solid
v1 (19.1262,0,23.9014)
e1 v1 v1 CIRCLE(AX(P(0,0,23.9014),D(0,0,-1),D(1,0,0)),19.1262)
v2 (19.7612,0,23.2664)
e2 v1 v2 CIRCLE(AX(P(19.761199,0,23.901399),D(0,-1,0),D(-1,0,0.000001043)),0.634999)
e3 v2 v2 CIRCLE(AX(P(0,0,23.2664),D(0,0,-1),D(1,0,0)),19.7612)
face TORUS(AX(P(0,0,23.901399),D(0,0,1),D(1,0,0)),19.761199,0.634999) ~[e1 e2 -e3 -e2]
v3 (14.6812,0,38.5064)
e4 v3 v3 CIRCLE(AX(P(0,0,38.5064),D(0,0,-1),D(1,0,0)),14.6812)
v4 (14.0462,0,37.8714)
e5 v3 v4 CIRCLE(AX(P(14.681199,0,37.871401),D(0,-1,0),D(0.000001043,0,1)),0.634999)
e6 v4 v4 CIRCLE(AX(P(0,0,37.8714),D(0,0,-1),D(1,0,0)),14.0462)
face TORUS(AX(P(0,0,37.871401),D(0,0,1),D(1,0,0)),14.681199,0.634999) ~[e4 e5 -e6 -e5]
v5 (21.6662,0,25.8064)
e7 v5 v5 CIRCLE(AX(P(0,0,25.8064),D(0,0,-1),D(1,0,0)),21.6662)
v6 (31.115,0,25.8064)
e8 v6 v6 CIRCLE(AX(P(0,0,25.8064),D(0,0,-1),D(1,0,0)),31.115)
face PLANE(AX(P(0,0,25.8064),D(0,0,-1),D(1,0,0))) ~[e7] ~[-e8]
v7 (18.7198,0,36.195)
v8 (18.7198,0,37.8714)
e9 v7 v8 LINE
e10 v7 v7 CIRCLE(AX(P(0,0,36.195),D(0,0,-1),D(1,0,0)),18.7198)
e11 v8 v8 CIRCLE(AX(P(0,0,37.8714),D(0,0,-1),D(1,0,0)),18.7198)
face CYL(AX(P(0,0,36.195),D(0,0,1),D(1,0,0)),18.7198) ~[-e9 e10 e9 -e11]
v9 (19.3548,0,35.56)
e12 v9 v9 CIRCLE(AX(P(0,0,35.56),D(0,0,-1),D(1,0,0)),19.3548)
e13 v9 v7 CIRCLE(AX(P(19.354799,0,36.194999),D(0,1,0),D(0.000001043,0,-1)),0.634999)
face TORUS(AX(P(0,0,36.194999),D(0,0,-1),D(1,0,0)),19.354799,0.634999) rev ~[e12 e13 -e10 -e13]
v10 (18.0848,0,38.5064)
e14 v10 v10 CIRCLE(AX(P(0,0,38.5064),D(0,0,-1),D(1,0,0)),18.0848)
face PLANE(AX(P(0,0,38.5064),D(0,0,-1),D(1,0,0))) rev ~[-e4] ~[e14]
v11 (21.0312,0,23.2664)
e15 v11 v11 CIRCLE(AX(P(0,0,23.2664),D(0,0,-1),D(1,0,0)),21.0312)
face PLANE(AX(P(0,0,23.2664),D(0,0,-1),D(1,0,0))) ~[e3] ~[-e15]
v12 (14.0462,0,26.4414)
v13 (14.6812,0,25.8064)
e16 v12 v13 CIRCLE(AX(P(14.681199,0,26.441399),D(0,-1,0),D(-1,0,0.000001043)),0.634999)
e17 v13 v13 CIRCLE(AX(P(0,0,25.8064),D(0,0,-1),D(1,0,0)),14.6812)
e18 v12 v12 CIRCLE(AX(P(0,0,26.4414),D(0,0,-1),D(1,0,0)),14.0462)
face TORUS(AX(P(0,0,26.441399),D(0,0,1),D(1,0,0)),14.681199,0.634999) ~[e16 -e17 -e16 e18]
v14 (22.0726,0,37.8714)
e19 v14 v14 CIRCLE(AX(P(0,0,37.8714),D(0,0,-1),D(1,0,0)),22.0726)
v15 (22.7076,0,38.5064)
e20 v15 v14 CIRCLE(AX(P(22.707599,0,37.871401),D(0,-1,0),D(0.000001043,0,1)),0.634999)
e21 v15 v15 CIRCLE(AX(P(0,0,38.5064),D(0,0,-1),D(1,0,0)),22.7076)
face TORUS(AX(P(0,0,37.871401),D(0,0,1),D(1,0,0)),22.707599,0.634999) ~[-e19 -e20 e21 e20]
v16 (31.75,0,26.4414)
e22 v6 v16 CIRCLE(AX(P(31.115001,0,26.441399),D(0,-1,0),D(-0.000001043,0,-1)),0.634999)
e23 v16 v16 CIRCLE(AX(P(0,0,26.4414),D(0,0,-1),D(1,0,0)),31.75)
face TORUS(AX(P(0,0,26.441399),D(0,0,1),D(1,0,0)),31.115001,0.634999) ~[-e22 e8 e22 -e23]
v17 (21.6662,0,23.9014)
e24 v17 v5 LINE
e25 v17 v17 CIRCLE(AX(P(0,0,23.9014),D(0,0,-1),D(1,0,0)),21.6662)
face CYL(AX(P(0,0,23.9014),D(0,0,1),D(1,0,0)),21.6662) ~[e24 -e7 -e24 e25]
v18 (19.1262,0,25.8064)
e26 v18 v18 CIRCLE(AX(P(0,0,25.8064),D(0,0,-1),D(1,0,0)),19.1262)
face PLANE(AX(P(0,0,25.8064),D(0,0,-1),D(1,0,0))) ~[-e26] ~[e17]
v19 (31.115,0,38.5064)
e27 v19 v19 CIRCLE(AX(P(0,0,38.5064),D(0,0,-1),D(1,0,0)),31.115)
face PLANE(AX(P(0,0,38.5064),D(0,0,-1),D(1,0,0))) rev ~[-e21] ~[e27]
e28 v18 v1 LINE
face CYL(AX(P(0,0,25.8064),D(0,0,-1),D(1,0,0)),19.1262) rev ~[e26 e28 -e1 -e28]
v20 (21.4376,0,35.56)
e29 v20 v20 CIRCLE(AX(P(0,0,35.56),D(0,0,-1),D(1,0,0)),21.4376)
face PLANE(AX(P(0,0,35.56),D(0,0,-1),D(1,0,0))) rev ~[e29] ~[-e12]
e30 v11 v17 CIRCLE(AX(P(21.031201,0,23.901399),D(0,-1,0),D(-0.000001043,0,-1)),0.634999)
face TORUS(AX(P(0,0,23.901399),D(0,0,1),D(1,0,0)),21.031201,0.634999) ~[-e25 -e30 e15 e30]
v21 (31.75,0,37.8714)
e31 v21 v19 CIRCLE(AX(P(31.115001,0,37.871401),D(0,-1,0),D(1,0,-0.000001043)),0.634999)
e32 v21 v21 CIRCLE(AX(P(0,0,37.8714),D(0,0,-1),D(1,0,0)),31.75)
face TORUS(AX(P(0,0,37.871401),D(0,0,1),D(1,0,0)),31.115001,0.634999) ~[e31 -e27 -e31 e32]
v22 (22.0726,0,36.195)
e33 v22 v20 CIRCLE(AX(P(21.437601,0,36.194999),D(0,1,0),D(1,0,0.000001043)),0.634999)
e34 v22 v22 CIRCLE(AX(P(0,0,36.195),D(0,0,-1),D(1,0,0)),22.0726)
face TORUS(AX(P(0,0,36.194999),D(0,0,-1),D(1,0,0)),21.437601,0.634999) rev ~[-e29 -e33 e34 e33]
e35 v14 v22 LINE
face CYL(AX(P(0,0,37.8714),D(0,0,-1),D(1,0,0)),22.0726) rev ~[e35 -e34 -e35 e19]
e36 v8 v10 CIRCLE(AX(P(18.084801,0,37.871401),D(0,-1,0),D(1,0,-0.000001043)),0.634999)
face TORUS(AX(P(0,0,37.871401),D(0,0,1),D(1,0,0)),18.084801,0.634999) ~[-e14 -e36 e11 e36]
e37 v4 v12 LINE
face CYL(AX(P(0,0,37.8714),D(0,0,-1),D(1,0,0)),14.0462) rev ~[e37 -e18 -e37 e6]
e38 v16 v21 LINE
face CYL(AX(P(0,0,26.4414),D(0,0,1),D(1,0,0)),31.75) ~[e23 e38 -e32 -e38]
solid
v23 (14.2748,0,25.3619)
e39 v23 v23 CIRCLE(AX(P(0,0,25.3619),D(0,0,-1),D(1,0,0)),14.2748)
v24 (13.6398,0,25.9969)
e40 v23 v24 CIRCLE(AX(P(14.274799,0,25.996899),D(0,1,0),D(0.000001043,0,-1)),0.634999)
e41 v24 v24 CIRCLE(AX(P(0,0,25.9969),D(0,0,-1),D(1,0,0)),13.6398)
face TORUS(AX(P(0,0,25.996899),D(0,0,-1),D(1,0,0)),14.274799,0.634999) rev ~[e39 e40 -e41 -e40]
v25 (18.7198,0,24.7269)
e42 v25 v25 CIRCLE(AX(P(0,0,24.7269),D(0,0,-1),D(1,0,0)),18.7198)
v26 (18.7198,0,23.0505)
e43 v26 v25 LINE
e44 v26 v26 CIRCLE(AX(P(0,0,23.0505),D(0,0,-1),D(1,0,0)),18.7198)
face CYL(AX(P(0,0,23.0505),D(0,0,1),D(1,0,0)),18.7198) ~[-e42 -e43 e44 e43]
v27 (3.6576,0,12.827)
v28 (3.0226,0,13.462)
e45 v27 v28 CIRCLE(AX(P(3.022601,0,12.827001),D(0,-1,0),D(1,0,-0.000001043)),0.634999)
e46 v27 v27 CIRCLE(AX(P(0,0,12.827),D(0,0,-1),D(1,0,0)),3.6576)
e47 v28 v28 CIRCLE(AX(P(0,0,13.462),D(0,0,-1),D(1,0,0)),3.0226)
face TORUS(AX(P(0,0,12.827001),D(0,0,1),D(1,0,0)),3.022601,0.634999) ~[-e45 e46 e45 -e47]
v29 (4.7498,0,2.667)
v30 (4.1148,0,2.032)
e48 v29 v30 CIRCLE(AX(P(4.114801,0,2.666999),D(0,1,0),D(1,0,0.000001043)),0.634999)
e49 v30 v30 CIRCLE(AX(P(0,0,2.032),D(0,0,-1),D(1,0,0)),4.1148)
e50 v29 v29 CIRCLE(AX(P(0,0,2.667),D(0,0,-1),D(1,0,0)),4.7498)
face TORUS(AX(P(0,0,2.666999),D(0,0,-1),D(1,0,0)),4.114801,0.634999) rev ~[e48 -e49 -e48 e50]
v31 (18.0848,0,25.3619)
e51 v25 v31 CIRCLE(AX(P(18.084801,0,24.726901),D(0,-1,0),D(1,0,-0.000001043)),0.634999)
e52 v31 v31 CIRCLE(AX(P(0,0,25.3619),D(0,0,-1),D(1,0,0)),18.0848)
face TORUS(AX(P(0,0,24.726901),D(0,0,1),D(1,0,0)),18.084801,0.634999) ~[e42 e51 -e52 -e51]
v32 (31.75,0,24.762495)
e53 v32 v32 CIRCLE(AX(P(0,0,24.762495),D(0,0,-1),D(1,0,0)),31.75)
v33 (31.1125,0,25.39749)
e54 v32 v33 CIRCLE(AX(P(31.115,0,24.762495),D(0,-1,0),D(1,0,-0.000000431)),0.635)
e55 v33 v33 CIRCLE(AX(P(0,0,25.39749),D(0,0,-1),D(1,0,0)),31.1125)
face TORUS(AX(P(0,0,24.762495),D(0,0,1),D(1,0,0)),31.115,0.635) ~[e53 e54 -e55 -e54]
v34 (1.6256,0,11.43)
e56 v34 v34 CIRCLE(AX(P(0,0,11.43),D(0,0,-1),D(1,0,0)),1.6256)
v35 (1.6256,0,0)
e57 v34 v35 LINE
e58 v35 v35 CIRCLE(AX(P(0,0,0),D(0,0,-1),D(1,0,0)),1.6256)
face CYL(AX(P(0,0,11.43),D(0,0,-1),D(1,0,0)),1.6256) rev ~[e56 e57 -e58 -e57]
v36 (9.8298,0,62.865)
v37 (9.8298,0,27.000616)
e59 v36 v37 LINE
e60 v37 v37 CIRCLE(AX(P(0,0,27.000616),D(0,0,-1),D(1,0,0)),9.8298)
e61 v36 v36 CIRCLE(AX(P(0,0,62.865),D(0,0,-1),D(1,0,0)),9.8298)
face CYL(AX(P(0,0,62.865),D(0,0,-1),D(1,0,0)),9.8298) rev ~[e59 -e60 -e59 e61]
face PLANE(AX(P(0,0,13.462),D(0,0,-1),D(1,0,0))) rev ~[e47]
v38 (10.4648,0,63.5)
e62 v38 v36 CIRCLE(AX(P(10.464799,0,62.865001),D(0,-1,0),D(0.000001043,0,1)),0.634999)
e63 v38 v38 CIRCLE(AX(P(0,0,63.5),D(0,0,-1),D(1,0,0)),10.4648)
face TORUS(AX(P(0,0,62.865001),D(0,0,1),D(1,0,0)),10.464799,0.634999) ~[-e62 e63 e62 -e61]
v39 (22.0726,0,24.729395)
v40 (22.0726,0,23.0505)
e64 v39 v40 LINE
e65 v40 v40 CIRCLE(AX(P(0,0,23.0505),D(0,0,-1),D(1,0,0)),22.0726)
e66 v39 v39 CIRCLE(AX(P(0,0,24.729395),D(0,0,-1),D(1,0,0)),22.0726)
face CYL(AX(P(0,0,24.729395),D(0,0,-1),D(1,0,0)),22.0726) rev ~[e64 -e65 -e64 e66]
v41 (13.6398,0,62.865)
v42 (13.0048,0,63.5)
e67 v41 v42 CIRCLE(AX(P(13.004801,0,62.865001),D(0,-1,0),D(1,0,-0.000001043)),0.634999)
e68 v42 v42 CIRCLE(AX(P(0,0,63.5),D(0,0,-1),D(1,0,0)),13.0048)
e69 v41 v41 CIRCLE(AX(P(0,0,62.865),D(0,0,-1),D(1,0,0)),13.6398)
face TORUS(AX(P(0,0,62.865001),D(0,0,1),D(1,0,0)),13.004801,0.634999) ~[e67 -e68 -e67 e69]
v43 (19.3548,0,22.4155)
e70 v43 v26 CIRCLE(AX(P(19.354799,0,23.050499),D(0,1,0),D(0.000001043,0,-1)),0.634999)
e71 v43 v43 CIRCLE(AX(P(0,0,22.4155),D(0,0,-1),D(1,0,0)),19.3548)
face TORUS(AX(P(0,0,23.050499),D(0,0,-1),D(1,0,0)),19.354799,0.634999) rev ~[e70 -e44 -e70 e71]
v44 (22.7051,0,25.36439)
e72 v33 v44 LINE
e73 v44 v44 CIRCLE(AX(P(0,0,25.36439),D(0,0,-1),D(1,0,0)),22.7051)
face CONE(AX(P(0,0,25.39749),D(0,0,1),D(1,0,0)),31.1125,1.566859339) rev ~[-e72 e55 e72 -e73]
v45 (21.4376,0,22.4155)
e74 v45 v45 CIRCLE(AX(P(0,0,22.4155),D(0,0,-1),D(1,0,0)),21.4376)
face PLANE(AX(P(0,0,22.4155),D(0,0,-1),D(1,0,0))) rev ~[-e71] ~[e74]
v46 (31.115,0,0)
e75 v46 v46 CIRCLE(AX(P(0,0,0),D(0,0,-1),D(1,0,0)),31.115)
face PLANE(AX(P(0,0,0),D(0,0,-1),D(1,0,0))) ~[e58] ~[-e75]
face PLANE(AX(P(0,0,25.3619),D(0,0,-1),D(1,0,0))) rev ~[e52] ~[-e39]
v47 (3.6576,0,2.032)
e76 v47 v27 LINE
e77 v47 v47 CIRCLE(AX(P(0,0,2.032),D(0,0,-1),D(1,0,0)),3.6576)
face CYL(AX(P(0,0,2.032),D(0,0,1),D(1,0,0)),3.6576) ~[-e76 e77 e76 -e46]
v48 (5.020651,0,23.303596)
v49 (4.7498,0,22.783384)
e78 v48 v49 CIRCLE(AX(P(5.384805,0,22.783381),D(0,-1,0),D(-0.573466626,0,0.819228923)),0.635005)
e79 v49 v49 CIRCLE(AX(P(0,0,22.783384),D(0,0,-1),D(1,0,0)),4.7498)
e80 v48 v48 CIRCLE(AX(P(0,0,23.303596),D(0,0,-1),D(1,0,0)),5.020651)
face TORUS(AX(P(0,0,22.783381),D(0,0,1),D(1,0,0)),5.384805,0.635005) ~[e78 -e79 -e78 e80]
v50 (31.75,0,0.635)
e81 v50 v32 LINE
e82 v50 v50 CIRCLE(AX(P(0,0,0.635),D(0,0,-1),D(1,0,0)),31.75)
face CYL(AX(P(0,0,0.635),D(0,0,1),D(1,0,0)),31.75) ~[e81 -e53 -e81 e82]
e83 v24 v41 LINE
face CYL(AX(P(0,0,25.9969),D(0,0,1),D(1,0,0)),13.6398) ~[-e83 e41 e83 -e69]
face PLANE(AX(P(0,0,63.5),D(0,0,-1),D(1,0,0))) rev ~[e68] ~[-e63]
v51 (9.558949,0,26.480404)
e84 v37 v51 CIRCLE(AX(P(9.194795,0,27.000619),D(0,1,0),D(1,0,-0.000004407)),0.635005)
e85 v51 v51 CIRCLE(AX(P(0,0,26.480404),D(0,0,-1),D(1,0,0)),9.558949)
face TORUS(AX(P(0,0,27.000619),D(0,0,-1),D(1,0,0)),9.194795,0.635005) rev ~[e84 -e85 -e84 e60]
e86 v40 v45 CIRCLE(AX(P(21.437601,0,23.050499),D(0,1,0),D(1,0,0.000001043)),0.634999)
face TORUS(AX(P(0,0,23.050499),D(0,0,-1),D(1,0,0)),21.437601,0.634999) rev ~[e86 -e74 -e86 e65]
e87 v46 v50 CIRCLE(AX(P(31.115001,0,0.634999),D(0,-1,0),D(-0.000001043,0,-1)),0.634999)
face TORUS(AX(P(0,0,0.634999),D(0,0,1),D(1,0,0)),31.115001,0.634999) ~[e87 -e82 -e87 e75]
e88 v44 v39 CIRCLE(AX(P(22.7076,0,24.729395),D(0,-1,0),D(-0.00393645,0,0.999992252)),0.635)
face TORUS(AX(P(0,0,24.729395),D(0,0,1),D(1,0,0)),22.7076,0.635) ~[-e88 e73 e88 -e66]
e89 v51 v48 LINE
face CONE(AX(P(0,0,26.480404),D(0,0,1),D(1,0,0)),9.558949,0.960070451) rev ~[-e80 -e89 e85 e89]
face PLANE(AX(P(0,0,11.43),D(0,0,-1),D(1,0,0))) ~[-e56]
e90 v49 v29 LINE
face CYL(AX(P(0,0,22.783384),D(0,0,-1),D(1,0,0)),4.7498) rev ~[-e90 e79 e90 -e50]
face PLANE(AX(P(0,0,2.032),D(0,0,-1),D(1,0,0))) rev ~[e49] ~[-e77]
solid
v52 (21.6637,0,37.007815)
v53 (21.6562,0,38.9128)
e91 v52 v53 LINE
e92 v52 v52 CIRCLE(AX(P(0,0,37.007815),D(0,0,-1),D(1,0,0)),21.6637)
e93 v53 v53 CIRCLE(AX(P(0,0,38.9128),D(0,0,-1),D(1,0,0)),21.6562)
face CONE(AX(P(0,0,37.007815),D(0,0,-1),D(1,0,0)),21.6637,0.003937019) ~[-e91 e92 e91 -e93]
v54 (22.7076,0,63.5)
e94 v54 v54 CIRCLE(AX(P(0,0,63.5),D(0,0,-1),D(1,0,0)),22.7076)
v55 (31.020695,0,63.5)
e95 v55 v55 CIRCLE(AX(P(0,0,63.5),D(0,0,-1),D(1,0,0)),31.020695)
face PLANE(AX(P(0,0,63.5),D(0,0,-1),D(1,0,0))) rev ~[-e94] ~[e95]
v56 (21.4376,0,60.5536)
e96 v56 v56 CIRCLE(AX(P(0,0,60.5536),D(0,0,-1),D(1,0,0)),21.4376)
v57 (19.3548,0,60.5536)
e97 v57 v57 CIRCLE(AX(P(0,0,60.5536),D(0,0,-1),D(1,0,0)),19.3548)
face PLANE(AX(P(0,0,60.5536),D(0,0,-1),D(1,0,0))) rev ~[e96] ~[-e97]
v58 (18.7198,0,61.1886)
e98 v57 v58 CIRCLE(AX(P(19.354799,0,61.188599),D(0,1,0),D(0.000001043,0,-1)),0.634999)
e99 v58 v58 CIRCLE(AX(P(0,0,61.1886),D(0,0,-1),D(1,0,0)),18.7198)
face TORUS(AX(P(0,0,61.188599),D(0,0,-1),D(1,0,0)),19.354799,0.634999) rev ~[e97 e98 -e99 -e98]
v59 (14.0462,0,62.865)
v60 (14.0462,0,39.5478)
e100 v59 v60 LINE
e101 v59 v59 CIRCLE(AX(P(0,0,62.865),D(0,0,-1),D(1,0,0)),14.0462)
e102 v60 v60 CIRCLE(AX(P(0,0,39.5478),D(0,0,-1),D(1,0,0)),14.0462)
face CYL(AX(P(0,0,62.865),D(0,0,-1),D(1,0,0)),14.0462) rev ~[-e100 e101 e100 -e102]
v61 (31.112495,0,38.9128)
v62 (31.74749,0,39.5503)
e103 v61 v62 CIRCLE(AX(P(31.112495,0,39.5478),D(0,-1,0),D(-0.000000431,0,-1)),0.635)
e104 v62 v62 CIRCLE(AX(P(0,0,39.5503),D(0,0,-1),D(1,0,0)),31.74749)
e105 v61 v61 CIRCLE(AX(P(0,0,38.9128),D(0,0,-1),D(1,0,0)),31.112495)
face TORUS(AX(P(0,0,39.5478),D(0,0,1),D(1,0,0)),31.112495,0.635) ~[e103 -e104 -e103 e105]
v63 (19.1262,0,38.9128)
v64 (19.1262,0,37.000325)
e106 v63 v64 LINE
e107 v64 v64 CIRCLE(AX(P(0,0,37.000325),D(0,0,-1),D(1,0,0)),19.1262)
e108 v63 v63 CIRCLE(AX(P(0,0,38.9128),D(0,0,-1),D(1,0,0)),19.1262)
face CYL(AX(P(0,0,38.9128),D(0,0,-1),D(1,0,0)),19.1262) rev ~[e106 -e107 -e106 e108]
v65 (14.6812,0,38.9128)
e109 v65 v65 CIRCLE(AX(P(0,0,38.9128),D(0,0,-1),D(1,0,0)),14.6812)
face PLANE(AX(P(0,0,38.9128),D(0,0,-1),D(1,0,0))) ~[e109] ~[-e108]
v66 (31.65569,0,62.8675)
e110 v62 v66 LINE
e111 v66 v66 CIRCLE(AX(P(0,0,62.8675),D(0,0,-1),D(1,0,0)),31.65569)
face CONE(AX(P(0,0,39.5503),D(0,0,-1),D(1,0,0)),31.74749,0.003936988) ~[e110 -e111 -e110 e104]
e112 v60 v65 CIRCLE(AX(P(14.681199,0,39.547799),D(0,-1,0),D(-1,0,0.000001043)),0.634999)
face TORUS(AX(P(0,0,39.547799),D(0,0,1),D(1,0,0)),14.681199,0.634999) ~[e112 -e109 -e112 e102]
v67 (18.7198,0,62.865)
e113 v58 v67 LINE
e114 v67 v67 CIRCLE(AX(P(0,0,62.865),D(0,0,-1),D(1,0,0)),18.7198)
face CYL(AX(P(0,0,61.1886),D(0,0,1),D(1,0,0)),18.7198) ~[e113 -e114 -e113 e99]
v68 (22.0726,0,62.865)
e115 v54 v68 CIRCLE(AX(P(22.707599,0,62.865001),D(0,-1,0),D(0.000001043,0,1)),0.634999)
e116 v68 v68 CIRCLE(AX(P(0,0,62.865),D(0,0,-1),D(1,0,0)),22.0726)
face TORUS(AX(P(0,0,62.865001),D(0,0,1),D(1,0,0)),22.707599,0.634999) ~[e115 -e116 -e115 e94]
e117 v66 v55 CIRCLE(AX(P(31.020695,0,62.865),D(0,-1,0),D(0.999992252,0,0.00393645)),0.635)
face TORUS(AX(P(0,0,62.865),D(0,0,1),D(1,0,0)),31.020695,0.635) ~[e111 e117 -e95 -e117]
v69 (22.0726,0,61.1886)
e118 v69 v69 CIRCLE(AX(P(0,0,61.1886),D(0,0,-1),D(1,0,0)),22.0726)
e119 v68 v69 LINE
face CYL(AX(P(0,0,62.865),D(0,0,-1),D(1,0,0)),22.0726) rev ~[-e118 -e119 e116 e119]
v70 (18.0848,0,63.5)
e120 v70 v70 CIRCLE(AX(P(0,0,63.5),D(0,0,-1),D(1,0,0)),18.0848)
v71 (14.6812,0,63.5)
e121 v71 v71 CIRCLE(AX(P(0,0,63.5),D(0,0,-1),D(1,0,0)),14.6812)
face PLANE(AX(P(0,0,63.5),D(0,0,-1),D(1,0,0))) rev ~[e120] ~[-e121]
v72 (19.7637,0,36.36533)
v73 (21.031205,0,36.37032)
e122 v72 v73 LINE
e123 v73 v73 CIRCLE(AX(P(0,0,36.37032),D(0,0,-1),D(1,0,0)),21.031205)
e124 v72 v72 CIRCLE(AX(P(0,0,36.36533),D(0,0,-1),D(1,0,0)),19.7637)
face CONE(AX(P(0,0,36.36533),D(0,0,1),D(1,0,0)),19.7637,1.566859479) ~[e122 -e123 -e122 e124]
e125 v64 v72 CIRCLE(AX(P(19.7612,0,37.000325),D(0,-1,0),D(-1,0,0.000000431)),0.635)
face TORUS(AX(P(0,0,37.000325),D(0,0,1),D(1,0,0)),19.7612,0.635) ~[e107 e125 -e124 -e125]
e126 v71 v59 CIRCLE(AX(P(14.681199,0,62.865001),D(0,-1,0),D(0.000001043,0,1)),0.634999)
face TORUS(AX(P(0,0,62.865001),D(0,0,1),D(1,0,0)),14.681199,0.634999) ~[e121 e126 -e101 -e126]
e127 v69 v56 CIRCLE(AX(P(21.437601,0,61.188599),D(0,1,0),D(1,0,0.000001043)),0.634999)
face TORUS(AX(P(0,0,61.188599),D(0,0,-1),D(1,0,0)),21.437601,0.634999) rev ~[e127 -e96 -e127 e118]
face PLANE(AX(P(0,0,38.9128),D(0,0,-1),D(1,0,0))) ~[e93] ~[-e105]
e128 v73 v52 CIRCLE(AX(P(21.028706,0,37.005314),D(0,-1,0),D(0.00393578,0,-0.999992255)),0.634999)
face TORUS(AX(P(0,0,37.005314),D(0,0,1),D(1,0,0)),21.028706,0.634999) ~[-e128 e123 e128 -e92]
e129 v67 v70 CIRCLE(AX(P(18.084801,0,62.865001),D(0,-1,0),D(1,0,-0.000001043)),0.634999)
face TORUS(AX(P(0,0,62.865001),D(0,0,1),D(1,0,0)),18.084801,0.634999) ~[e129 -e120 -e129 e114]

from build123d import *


with BuildPart() as f1:
    # F0 (on Front) → F1 (revolve)
    with BuildSketch(Plane.XZ):
        with BuildLine():
            Line((0, 13.462), (0, 11.43))
            Line((0, 11.43), (1.6256, 11.43))
            Line((1.6256, 11.43), (1.6256, 0))
            Line((1.6256, 0), (31.115, 0))
            ThreePointArc((31.115, 0), (31.564013, 0.185987), (31.75, 0.635))
            Line((31.75, 0.635), (31.75, 24.762495))
            ThreePointArc((31.75, 24.762495), (31.563128, 25.212391), (31.1125, 25.39749))
            Line((31.1125, 25.39749), (22.7051, 25.36439))
            ThreePointArc((22.7051, 25.36439), (22.257704, 25.177523), (22.0726, 24.729395))
            Line((22.0726, 24.729395), (22.0726, 23.0505))
            ThreePointArc((22.0726, 23.0505), (21.886613, 22.601487), (21.4376, 22.4155))
            Line((21.4376, 22.4155), (19.3548, 22.4155))
            ThreePointArc((19.3548, 22.4155), (18.905787, 22.601487), (18.7198, 23.0505))
            Line((18.7198, 23.0505), (18.7198, 24.7269))
            ThreePointArc((18.7198, 24.7269), (18.533813, 25.175913), (18.0848, 25.3619))
            Line((18.0848, 25.3619), (14.2748, 25.3619))
            ThreePointArc((14.2748, 25.3619), (13.825787, 25.547887), (13.6398, 25.9969))
            Line((13.6398, 25.9969), (13.6398, 62.865))
            ThreePointArc((13.6398, 62.865), (13.453813, 63.314013), (13.0048, 63.5))
            Line((13.0048, 63.5), (10.4648, 63.5))
            ThreePointArc((10.4648, 63.5), (10.015787, 63.314013), (9.8298, 62.865))
            Line((9.8298, 62.865), (9.8298, 27.000616))
            ThreePointArc((9.8298, 27.000616), (9.758031, 26.707367), (9.558949, 26.480404))
            Line((9.558949, 26.480404), (5.020651, 23.303596))
            ThreePointArc((5.020651, 23.303596), (4.821569, 23.076633), (4.7498, 22.783384))
            Line((4.7498, 22.783384), (4.7498, 2.667))
            ThreePointArc((4.7498, 2.667), (4.563813, 2.217987), (4.1148, 2.032))
            Line((4.1148, 2.032), (3.6576, 2.032))
            Line((3.6576, 2.032), (3.6576, 12.827))
            ThreePointArc((3.6576, 12.827), (3.471613, 13.276013), (3.0226, 13.462))
            Line((3.0226, 13.462), (0, 13.462))
        make_face()
        with BuildLine():
            ThreePointArc((14.6812, 38.5064), (14.232187, 38.320413), (14.0462, 37.8714))
            Line((14.0462, 37.8714), (14.0462, 26.4414))
            ThreePointArc((14.0462, 26.4414), (14.232187, 25.992387), (14.6812, 25.8064))
            Line((14.6812, 25.8064), (19.1262, 25.8064))
            Line((19.1262, 25.8064), (19.1262, 23.9014))
            ThreePointArc((19.1262, 23.9014), (19.312187, 23.452387), (19.7612, 23.2664))
            Line((19.7612, 23.2664), (21.0312, 23.2664))
            ThreePointArc((21.0312, 23.2664), (21.480213, 23.452387), (21.6662, 23.9014))
            Line((21.6662, 23.9014), (21.6662, 25.8064))
            Line((21.6662, 25.8064), (31.115, 25.8064))
            ThreePointArc((31.115, 25.8064), (31.564013, 25.992387), (31.75, 26.4414))
            Line((31.75, 26.4414), (31.75, 37.8714))
            ThreePointArc((31.75, 37.8714), (31.564013, 38.320413), (31.115, 38.5064))
            Line((31.115, 38.5064), (22.7076, 38.5064))
            ThreePointArc((22.7076, 38.5064), (22.258587, 38.320413), (22.0726, 37.8714))
            Line((22.0726, 37.8714), (22.0726, 36.195))
            ThreePointArc((22.0726, 36.195), (21.886613, 35.745987), (21.4376, 35.56))
            Line((21.4376, 35.56), (19.3548, 35.56))
            ThreePointArc((19.3548, 35.56), (18.905787, 35.745987), (18.7198, 36.195))
            Line((18.7198, 36.195), (18.7198, 37.8714))
            ThreePointArc((18.7198, 37.8714), (18.533813, 38.320413), (18.0848, 38.5064))
            Line((18.0848, 38.5064), (14.6812, 38.5064))
        make_face()
        with BuildLine():
            ThreePointArc((14.0462, 39.5478), (14.232187, 39.098787), (14.6812, 38.9128))
            Line((14.6812, 38.9128), (19.1262, 38.9128))
            Line((19.1262, 38.9128), (19.1262, 37.000325))
            ThreePointArc((19.1262, 37.000325), (19.313072, 36.550429), (19.7637, 36.36533))
            Line((19.7637, 36.36533), (21.031205, 36.37032))
            ThreePointArc((21.031205, 36.37032), (21.479482, 36.558073), (21.6637, 37.007815))
            Line((21.6637, 37.007815), (21.6562, 38.9128))
            Line((21.6562, 38.9128), (31.112495, 38.9128))
            ThreePointArc((31.112495, 38.9128), (31.562391, 39.099672), (31.74749, 39.5503))
            Line((31.74749, 39.5503), (31.65569, 62.8675))
            ThreePointArc((31.65569, 62.8675), (31.468823, 63.314896), (31.020695, 63.5))
            Line((31.020695, 63.5), (22.7076, 63.5))
            ThreePointArc((22.7076, 63.5), (22.258587, 63.314013), (22.0726, 62.865))
            Line((22.0726, 62.865), (22.0726, 61.1886))
            ThreePointArc((22.0726, 61.1886), (21.886613, 60.739587), (21.4376, 60.5536))
            Line((21.4376, 60.5536), (19.3548, 60.5536))
            ThreePointArc((19.3548, 60.5536), (18.905787, 60.739587), (18.7198, 61.1886))
            Line((18.7198, 61.1886), (18.7198, 62.865))
            ThreePointArc((18.7198, 62.865), (18.533813, 63.314013), (18.0848, 63.5))
            Line((18.0848, 63.5), (14.6812, 63.5))
            ThreePointArc((14.6812, 63.5), (14.232187, 63.314013), (14.0462, 62.865))
            Line((14.0462, 62.865), (14.0462, 39.5478))
        make_face()
    revolve(axis=Axis((0, 0, 12.446), (0, 0, -1)))


solid = f1.part
